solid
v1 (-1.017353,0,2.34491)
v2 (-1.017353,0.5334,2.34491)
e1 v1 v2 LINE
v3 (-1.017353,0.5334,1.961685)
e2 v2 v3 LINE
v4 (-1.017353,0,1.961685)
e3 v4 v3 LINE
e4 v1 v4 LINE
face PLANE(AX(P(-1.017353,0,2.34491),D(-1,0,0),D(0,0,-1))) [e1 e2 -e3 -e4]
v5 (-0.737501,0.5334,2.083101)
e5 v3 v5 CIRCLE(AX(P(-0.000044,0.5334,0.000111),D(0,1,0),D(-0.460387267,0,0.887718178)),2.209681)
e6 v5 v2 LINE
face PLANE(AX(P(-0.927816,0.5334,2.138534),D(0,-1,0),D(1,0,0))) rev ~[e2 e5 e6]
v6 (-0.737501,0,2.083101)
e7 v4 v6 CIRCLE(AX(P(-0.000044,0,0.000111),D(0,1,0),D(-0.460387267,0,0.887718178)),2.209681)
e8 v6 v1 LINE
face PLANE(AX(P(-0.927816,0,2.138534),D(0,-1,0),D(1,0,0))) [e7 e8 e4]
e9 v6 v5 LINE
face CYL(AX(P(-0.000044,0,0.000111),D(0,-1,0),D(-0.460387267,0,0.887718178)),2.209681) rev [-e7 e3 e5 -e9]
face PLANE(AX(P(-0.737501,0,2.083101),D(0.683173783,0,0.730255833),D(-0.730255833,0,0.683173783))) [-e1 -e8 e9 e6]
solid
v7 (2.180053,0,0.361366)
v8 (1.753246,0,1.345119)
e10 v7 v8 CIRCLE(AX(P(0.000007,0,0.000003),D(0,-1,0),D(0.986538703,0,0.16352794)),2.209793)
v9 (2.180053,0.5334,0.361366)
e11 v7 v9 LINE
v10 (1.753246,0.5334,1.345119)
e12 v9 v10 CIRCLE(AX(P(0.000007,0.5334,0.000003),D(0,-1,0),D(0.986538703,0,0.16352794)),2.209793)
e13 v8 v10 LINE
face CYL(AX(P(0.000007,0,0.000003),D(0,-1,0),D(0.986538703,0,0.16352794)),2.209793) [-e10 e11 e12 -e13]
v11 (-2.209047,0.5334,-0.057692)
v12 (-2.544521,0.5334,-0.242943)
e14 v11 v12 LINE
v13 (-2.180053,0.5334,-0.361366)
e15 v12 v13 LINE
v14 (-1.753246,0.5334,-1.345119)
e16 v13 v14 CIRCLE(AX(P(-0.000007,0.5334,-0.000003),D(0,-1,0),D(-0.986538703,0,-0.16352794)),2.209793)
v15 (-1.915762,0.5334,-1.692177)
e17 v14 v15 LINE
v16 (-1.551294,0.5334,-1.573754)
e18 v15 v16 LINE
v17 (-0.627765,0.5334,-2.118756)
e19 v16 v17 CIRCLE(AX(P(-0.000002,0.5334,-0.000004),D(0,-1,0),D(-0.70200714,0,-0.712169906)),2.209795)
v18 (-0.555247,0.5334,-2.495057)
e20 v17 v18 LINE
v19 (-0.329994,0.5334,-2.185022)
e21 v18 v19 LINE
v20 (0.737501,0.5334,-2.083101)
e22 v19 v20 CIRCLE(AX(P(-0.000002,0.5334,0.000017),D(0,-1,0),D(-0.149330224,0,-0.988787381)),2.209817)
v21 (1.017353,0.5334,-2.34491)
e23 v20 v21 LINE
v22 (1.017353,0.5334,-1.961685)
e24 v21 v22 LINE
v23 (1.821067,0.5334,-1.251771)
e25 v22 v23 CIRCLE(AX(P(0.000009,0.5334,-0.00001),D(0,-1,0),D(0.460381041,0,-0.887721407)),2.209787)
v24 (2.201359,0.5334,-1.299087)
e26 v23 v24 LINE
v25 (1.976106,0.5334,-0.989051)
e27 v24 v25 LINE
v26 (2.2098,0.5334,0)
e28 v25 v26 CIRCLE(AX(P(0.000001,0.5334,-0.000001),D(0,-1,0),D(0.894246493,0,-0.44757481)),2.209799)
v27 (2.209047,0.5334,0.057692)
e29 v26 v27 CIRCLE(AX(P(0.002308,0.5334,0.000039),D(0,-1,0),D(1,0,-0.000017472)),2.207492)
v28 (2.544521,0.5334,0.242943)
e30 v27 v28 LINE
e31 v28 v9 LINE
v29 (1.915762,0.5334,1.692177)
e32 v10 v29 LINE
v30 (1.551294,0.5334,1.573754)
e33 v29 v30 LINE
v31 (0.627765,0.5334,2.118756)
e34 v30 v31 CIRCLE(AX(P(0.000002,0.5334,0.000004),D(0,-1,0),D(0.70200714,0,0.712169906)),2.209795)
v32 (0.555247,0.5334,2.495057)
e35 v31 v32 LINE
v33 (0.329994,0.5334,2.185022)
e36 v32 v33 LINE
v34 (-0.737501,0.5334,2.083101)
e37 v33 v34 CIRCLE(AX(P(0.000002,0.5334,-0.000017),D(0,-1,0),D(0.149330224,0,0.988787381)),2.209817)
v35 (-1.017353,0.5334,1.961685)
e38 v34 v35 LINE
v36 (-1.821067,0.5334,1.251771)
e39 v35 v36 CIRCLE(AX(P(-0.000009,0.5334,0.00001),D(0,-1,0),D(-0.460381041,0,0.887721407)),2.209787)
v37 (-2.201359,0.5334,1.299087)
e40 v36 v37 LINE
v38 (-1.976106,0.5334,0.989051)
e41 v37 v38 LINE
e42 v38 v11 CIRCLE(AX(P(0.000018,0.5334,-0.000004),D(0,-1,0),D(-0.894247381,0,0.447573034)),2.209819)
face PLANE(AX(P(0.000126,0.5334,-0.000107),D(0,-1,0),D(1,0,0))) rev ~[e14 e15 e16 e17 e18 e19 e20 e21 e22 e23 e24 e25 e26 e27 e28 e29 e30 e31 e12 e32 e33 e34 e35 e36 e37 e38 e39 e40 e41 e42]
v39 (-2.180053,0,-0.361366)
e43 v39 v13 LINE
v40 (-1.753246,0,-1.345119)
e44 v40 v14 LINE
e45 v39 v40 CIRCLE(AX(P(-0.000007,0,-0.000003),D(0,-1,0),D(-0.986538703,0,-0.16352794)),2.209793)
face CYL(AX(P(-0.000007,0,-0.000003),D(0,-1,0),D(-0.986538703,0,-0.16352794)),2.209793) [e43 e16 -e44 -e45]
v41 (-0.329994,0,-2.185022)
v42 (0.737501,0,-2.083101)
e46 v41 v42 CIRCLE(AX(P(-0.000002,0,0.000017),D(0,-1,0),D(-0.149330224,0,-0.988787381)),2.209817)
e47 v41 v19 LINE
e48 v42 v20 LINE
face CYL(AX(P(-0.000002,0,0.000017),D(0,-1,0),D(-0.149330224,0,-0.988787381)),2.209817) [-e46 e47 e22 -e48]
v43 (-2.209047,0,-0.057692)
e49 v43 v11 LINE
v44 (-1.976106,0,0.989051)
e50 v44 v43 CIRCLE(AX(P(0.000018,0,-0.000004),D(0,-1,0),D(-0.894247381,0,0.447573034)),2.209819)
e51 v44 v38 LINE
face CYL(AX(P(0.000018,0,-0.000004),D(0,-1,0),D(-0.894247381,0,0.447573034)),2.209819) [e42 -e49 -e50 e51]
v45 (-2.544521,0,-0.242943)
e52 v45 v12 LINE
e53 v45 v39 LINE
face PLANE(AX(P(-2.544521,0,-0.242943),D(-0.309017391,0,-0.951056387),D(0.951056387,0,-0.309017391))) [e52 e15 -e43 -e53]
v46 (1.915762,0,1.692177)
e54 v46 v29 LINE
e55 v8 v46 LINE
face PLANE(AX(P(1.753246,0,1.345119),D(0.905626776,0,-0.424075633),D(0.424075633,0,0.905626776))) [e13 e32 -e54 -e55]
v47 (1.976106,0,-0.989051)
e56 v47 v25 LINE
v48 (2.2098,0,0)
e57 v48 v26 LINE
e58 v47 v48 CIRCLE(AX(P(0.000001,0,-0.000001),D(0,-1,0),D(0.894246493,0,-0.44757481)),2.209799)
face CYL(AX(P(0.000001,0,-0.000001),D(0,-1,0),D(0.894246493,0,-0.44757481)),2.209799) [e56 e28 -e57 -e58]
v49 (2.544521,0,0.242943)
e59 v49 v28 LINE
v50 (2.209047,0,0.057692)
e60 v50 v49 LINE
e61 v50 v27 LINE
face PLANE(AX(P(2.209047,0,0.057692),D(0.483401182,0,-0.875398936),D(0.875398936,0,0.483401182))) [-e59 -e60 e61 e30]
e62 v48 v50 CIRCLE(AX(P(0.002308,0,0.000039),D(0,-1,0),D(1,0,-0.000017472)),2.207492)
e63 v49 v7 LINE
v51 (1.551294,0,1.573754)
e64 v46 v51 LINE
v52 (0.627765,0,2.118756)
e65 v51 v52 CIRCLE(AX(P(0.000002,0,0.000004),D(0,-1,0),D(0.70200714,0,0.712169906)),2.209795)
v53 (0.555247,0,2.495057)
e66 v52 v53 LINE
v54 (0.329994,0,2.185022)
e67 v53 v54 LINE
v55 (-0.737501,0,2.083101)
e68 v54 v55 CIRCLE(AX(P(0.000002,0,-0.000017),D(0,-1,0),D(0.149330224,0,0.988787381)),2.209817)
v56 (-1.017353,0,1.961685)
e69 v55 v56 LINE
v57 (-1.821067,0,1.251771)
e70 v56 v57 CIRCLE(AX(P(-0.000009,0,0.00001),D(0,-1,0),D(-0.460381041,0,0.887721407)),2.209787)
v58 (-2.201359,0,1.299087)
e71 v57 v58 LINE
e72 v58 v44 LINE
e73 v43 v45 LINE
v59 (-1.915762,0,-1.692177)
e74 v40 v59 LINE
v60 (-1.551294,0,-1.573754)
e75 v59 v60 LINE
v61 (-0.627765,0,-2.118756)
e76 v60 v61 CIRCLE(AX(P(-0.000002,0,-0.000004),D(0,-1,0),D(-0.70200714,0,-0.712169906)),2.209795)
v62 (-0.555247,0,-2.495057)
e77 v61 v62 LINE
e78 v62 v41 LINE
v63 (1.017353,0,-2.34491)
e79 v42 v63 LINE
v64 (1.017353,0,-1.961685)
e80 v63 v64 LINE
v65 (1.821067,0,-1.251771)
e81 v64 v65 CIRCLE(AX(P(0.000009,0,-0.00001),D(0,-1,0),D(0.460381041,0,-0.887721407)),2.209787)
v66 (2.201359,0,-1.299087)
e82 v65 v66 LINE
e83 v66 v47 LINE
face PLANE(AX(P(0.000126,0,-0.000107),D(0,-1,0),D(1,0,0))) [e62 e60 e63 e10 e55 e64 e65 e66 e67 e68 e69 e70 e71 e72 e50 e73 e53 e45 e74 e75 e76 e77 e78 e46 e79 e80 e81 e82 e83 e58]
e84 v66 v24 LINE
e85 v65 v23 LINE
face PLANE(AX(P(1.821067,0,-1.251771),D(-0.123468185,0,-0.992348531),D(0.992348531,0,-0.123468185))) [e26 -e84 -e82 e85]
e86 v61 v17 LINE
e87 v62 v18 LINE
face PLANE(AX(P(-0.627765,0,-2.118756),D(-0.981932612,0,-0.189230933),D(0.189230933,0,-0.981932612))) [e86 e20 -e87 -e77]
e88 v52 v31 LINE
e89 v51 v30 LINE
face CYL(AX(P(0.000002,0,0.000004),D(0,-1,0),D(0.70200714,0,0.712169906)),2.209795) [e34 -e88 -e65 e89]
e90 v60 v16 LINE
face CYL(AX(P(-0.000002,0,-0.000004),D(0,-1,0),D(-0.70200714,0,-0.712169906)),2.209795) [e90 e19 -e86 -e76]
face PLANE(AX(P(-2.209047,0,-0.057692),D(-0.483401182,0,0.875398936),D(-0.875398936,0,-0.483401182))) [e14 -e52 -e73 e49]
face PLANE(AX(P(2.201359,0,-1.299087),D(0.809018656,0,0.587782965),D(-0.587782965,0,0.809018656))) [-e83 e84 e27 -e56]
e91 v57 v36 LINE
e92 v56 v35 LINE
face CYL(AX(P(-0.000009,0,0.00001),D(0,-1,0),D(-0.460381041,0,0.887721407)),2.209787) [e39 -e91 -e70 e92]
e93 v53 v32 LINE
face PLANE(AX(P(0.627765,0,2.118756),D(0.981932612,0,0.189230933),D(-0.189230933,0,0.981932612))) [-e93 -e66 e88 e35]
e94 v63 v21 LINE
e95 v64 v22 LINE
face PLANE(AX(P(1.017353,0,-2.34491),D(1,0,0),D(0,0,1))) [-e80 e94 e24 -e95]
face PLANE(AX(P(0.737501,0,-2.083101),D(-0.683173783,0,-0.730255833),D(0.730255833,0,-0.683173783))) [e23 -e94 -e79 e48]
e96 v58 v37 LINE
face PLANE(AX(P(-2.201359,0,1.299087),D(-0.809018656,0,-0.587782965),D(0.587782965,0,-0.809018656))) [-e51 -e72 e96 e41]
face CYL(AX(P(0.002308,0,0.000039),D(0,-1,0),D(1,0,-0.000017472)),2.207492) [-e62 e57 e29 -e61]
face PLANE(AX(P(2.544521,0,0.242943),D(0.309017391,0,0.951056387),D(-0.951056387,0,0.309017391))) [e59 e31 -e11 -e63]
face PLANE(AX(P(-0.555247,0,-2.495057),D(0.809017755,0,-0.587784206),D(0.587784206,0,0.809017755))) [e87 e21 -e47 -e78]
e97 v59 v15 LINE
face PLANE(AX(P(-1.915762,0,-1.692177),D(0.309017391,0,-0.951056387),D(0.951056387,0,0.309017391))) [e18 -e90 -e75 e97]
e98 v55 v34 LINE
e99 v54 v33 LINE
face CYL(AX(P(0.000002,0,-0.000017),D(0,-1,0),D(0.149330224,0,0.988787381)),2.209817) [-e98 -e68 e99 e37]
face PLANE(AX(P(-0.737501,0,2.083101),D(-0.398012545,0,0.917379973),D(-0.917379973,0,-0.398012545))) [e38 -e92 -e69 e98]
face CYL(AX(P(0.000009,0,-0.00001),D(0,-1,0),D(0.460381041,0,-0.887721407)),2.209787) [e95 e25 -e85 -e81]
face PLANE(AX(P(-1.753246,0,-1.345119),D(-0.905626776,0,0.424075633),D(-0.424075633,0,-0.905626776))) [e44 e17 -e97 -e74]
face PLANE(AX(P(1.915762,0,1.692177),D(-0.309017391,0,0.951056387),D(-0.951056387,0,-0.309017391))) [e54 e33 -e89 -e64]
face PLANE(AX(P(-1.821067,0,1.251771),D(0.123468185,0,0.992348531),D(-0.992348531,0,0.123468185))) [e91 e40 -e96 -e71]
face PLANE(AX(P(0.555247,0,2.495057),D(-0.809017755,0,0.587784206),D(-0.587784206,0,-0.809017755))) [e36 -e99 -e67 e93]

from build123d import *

# Parameters (mm, degrees)
F1_DEPTH = 0.5334


with BuildPart() as f1:
    # F0 (on Front) → F1 (new body)
    with BuildSketch(Plane.XZ):
        with BuildLine():
            ThreePointArc((1.976106, -0.989051), (2.150583, -0.508143), (2.2098, 0))
            ThreePointArc((2.2098, 0), (2.209612, 0.028848), (2.209047, 0.057692))
            ThreePointArc((2.209047, 0.057692), (2.199796, 0.21003), (2.180053, 0.361366))
            ThreePointArc((2.180053, 0.361366), (2.027228, 0.879525), (1.753246, 1.345119))
            ThreePointArc((1.753246, 1.345119), (1.65622, 1.462926), (1.551294, 1.573754))
            ThreePointArc((1.551294, 1.573754), (1.12309, 1.903125), (0.627765, 2.118756))
            ThreePointArc((0.627765, 2.118756), (0.480024, 2.157033), (0.329994, 2.185022))
            ThreePointArc((0.329994, 2.185022), (-0.21003, 2.199796), (-0.737501, 2.083101))
            Line((-0.737501, 2.083101), (-1.017353, 1.961685))
            ThreePointArc((-1.017353, 1.961685), (-1.462926, 1.65622), (-1.821067, 1.251771))
            ThreePointArc((-1.821067, 1.251771), (-1.903125, 1.12309), (-1.976106, 0.989051))
            ThreePointArc((-1.976106, 0.989051), (-2.157033, 0.480024), (-2.209047, -0.057692))
            ThreePointArc((-2.209047, -0.057692), (-2.199796, -0.21003), (-2.180053, -0.361366))
            ThreePointArc((-2.180053, -0.361366), (-2.027228, -0.879525), (-1.753246, -1.345119))
            ThreePointArc((-1.753246, -1.345119), (-1.65622, -1.462926), (-1.551294, -1.573754))
            ThreePointArc((-1.551294, -1.573754), (-1.12309, -1.903125), (-0.627765, -2.118756))
            ThreePointArc((-0.627765, -2.118756), (-0.480024, -2.157033), (-0.329994, -2.185022))
            ThreePointArc((-0.329994, -2.185022), (0.21003, -2.199796), (0.737501, -2.083101))
            ThreePointArc((0.737501, -2.083101), (0.879525, -2.027228), (1.017353, -1.961685))
            ThreePointArc((1.017353, -1.961685), (1.462926, -1.65622), (1.821067, -1.251771))
            ThreePointArc((1.821067, -1.251771), (1.903125, -1.12309), (1.976106, -0.989051))
        make_face()
        with BuildLine():
            ThreePointArc((0.329994, 2.185022), (0.480024, 2.157033), (0.627765, 2.118756))
            Line((0.627765, 2.118756), (0.555247, 2.495057))
            Line((0.555247, 2.495057), (0.329994, 2.185022))
        make_face()
        with BuildLine():
            ThreePointArc((1.551294, 1.573754), (1.65622, 1.462926), (1.753246, 1.345119))
            Line((1.753246, 1.345119), (1.915762, 1.692177))
            Line((1.915762, 1.692177), (1.551294, 1.573754))
        make_face()
        with BuildLine():
            ThreePointArc((2.180053, 0.361366), (2.199796, 0.21003), (2.209047, 0.057692))
            Line((2.209047, 0.057692), (2.544521, 0.242943))
            Line((2.544521, 0.242943), (2.180053, 0.361366))
        make_face()
        with BuildLine():
            Line((2.201359, -1.299087), (1.976106, -0.989051))
            ThreePointArc((1.976106, -0.989051), (1.903125, -1.12309), (1.821067, -1.251771))
            Line((1.821067, -1.251771), (2.201359, -1.299087))
        make_face()
        with BuildLine():
            Line((1.017353, -2.34491), (1.017353, -1.961685))
            ThreePointArc((1.017353, -1.961685), (0.879525, -2.027228), (0.737501, -2.083101))
            Line((0.737501, -2.083101), (1.017353, -2.34491))
        make_face()
        with BuildLine():
            Line((-0.555247, -2.495057), (-0.329994, -2.185022))
            ThreePointArc((-0.329994, -2.185022), (-0.480024, -2.157033), (-0.627765, -2.118756))
            Line((-0.627765, -2.118756), (-0.555247, -2.495057))
        make_face()
        with BuildLine():
            Line((-1.915762, -1.692177), (-1.551294, -1.573754))
            ThreePointArc((-1.551294, -1.573754), (-1.65622, -1.462926), (-1.753246, -1.345119))
            Line((-1.753246, -1.345119), (-1.915762, -1.692177))
        make_face()
        with BuildLine():
            Line((-2.544521, -0.242943), (-2.180053, -0.361366))
            ThreePointArc((-2.180053, -0.361366), (-2.199796, -0.21003), (-2.209047, -0.057692))
            Line((-2.209047, -0.057692), (-2.544521, -0.242943))
        make_face()
        with BuildLine():
            ThreePointArc((-1.976106, 0.989051), (-1.903125, 1.12309), (-1.821067, 1.251771))
            Line((-1.821067, 1.251771), (-2.201359, 1.299087))
            Line((-2.201359, 1.299087), (-1.976106, 0.989051))
        make_face()
        with BuildLine():
            ThreePointArc((-1.017353, 1.961685), (-0.879525, 2.027228), (-0.737501, 2.083101))
            Line((-0.737501, 2.083101), (-1.017353, 2.34491))
            Line((-1.017353, 2.34491), (-1.017353, 1.961685))
        make_face()
    extrude(amount=-F1_DEPTH)


solid = f1.part
